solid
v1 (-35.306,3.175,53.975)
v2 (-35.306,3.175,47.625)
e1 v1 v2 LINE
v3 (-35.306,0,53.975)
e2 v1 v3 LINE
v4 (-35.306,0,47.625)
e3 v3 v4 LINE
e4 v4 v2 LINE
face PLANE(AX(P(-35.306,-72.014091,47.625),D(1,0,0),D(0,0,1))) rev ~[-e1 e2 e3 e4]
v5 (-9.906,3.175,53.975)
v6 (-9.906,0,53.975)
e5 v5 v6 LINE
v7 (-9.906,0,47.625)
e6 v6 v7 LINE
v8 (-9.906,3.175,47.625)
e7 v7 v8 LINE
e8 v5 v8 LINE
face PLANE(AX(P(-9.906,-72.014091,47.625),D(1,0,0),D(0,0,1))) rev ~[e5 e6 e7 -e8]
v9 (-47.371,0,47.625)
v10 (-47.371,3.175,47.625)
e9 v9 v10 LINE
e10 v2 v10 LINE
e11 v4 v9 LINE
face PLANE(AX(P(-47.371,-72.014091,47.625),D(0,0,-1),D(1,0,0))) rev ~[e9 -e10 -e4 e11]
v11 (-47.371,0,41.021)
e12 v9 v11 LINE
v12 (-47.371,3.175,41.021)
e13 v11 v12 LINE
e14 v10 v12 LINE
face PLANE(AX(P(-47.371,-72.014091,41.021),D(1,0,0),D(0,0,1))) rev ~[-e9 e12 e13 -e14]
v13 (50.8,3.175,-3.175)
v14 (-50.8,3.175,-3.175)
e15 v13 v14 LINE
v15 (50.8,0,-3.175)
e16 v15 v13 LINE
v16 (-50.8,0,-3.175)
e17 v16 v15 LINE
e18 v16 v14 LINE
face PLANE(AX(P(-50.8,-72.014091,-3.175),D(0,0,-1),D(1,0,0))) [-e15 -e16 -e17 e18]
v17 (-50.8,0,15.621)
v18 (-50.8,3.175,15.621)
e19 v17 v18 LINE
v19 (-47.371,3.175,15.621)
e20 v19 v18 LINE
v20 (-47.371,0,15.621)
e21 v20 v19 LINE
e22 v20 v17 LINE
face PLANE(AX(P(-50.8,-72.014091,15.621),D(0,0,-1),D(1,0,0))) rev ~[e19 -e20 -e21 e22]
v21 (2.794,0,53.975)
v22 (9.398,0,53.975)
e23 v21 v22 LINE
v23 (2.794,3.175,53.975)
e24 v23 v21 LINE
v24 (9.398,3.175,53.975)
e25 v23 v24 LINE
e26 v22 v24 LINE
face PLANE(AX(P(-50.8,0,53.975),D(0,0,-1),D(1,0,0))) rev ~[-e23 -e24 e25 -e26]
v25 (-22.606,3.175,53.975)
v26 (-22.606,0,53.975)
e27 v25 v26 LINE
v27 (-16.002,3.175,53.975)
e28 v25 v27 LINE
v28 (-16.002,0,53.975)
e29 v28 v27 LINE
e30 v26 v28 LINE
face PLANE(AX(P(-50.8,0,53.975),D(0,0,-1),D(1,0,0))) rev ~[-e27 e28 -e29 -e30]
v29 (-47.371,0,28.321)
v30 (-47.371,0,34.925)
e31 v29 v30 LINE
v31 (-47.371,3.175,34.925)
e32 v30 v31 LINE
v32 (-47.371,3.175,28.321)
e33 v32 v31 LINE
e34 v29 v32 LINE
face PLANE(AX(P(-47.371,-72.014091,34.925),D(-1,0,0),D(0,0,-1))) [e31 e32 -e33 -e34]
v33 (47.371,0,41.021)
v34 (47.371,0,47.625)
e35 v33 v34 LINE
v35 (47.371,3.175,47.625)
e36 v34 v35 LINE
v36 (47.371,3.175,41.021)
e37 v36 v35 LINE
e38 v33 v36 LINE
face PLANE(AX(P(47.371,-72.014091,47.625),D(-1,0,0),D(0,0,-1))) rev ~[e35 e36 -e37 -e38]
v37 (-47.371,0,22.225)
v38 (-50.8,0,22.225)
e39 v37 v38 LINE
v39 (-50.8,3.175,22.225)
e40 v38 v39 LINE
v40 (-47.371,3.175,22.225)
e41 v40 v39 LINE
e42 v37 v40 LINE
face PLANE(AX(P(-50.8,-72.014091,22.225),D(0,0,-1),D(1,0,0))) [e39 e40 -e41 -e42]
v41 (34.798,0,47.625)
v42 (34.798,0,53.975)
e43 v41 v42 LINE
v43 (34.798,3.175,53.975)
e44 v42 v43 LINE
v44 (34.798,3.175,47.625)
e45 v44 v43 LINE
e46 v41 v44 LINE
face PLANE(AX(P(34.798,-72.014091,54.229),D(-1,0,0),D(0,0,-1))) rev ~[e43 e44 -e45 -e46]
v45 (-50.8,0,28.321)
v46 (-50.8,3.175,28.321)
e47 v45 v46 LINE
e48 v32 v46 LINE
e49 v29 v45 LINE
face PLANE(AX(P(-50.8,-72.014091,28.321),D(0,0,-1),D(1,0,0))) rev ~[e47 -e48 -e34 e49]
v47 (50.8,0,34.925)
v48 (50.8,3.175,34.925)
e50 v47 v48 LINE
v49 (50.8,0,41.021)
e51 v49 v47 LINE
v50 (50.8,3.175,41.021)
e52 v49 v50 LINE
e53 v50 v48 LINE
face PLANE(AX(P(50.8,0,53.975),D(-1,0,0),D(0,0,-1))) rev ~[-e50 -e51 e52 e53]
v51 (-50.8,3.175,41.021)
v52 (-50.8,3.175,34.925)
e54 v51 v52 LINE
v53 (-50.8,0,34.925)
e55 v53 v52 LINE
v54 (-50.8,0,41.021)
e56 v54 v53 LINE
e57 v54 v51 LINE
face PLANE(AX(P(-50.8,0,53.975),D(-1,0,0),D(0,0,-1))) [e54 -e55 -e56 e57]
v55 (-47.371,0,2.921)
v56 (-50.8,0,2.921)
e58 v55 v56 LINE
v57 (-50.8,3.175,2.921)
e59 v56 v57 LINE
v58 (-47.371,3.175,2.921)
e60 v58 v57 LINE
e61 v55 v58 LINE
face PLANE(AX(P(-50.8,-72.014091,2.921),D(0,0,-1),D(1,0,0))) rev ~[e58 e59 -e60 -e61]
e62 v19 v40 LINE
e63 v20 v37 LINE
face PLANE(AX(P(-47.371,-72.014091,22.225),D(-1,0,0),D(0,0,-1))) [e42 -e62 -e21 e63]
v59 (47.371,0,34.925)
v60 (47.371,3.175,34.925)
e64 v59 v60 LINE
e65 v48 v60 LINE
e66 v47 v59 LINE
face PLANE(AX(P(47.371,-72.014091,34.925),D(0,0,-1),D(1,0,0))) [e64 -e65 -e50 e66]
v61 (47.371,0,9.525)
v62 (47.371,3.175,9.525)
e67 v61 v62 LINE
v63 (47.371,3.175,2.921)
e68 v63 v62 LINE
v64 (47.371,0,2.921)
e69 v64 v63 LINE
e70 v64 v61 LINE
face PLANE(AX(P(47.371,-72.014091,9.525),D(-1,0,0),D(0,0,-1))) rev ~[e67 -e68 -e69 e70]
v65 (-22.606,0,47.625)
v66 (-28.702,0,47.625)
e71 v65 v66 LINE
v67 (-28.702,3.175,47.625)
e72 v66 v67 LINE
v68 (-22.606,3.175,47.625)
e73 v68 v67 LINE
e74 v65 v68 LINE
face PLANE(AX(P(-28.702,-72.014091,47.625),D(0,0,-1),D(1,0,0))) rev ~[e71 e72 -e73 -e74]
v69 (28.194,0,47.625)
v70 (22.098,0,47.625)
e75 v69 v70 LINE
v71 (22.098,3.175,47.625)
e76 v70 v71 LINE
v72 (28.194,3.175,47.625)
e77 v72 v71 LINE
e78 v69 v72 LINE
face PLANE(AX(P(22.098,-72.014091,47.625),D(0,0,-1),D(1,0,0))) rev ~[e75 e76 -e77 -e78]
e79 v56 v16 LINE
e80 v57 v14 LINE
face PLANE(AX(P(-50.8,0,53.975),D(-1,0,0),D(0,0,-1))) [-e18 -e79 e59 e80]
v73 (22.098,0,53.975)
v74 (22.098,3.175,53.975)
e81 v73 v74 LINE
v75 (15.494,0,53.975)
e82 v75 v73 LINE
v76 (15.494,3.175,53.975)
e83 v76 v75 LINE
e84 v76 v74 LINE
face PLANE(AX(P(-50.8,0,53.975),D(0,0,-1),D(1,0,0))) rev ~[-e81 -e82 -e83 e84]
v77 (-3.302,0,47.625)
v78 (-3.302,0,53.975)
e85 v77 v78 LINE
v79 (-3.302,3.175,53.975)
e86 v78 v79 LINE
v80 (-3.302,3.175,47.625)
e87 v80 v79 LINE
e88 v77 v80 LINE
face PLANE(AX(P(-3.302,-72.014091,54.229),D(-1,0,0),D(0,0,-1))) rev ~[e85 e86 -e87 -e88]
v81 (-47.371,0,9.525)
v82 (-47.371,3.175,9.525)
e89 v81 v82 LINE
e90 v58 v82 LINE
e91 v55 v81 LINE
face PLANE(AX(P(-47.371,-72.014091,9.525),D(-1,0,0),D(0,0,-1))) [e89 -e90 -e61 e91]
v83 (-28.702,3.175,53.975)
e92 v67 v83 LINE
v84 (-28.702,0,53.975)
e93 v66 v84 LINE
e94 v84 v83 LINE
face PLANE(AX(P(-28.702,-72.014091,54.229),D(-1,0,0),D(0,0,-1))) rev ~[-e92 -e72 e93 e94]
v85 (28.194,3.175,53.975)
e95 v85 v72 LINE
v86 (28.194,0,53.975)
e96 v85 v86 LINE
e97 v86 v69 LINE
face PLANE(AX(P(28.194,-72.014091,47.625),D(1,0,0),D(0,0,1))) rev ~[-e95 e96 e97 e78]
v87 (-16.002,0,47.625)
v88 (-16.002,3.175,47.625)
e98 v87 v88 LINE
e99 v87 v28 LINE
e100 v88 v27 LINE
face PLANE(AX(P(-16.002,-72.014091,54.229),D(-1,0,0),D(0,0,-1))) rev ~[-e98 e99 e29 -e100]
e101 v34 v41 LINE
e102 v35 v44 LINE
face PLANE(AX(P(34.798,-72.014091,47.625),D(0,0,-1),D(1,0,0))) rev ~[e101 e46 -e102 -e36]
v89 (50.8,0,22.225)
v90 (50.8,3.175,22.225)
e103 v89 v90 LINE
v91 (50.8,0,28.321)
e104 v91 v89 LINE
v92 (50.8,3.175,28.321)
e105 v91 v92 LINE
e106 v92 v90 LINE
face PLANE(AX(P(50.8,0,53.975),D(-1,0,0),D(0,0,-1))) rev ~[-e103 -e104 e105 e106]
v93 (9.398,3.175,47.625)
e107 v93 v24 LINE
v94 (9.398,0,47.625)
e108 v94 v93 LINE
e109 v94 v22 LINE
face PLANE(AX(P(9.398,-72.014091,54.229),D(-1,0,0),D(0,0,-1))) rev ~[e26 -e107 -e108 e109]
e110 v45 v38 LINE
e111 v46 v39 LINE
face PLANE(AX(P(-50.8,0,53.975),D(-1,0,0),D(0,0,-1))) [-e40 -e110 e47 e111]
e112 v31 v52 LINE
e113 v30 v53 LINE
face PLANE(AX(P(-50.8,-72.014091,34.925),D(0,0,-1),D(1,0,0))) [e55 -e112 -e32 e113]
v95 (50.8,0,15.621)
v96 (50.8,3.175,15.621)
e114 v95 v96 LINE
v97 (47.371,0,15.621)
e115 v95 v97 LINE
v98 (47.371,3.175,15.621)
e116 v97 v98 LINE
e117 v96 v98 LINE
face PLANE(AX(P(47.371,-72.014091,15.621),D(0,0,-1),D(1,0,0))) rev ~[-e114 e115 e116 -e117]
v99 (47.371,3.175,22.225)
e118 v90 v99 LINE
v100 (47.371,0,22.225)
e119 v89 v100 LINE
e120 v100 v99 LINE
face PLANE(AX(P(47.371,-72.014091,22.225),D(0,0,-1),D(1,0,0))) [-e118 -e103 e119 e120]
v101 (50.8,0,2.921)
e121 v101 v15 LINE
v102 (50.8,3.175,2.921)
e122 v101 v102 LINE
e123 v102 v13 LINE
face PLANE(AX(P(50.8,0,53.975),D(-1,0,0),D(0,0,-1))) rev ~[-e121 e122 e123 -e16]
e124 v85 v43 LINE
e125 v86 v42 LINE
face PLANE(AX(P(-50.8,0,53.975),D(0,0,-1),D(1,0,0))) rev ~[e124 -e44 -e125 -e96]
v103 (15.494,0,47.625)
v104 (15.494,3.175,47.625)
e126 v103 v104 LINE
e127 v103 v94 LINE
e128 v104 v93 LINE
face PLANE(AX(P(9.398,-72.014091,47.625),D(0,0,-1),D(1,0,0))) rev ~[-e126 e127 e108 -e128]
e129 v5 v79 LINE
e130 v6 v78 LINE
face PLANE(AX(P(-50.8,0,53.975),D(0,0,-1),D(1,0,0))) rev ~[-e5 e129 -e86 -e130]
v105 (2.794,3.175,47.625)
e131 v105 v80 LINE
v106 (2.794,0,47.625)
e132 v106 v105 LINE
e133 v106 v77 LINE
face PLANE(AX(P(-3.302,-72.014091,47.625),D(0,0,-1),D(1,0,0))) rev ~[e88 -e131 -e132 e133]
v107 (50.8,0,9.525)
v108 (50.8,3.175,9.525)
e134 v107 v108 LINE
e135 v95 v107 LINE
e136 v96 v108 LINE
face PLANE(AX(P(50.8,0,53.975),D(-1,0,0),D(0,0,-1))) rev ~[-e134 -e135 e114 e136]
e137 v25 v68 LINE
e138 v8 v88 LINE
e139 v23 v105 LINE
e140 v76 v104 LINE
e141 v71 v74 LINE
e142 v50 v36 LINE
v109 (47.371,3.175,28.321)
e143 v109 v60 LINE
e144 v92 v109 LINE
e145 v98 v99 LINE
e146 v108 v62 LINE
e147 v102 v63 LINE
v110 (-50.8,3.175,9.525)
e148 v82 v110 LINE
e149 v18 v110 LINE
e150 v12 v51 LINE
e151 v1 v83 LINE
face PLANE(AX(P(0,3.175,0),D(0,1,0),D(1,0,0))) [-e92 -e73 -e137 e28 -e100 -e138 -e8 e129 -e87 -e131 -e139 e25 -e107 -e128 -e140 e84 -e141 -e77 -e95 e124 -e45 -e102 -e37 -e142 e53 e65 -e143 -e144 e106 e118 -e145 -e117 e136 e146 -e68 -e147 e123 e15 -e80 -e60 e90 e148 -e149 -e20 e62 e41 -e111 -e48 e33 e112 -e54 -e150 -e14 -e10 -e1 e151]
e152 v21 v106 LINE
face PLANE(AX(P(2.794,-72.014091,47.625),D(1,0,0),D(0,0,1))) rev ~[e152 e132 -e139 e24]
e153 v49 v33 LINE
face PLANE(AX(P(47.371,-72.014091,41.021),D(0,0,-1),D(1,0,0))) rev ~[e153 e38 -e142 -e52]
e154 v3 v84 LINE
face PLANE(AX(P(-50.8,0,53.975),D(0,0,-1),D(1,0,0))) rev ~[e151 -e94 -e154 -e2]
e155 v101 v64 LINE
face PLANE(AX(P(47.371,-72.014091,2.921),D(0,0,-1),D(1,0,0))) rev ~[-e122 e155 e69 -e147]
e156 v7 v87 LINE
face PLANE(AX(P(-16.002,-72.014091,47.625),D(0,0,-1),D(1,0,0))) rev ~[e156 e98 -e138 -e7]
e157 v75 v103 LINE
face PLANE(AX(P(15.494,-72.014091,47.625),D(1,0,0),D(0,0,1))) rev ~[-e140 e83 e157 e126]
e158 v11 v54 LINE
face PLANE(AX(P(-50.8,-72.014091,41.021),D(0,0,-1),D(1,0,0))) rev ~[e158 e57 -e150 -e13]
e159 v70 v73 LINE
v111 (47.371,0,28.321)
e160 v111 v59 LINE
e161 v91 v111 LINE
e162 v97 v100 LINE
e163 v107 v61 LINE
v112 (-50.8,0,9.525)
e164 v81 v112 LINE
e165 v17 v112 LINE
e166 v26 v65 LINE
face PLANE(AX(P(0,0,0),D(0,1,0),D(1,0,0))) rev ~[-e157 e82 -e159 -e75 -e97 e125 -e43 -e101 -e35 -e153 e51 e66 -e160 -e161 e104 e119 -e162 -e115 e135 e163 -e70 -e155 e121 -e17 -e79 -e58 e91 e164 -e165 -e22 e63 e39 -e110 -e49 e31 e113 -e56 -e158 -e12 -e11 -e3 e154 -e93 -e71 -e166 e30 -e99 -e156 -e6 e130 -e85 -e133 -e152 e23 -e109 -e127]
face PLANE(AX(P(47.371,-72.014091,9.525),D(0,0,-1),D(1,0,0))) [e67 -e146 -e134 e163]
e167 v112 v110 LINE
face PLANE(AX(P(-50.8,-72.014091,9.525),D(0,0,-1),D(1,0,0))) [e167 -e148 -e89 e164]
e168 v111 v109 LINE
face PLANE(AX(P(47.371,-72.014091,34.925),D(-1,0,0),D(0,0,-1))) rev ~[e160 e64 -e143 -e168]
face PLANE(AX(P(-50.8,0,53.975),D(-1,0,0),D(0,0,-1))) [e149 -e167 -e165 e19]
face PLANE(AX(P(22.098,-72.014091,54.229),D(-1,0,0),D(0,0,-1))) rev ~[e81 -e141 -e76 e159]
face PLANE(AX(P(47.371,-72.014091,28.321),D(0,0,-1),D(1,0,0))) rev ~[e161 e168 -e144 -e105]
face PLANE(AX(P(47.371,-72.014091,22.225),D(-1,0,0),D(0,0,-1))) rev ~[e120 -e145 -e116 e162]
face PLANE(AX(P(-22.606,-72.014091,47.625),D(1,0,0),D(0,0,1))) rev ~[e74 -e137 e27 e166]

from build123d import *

# Parameters (mm, degrees)
SKETCH1_W               = 101.6
SKETCH1_H               = 107.95
BOSS_EXTRUDE1_DEPTH     = 3.175
CUT_EXTRUDE1_DEPTH      = 75.189091179
CUT_EXTRUDE1_DEPTH_BACK = 75.189091179
SKETCH2_W               = 3.429
SKETCH2_H               = 6.604
SKETCH3_W               = 101.6
SKETCH3_H               = 50.8
CUT_EXTRUDE2_DEPTH      = 75.189091179


with BuildPart() as part:
    # Sketch1 → Boss-Extrude1 (new body)
    with BuildSketch(Plane(origin=(0, 0, 0), x_dir=(1, 0, 0), z_dir=(0, 1, 0))):
        Rectangle(SKETCH1_W, SKETCH1_H)
    extrude(amount=BOSS_EXTRUDE1_DEPTH)

    # Sketch2 → Cut-Extrude1 (cut, two sides: drawn at the far end of the back side and taken through both)
    with BuildSketch(Plane(origin=(0, 3.175, 0), x_dir=(1, 0, 0), z_dir=(0, 1, 0)).offset(-CUT_EXTRUDE1_DEPTH_BACK)):
        Polygon((22.098, -47.625), (28.194, -47.625), (28.194, -54.229), (34.798, -54.229), (34.798, -47.625), (47.371, -47.625), (47.371, -41.021), (50.8, -41.021), (50.8, -47.625), (50.8, -92.544961432), (-50.8, -92.544961432), (-50.8, -47.625), (-50.8, -41.021), (-47.371, -41.021), (-47.371, -47.625), (-35.306, -47.625), (-35.306, -54.229), (-28.702, -54.229), (-28.702, -47.625), (-22.606, -47.625), (-22.606, -54.229), (-16.002, -54.229), (-16.002, -47.625), (-9.906, -47.625), (-9.906, -54.229), (-3.302, -54.229), (-3.302, -47.625), (2.794, -47.625), (2.794, -54.229), (9.398, -54.229), (9.398, -47.625), (15.494, -47.625), (15.494, -54.229), (22.098, -54.229), align=None)
        with Locations((-49.0855, 31.75)):
            Rectangle(SKETCH2_W, SKETCH2_H)
        with Locations((-49.0855, 19.177)):
            Rectangle(SKETCH2_W, SKETCH2_H)
        with Locations((-49.0855, 6.477)):
            Rectangle(SKETCH2_W, SKETCH2_H)
        with Locations((-49.0855, -6.223)):
            Rectangle(SKETCH2_W, SKETCH2_H)
        with Locations((-49.0855, -18.923)):
            Rectangle(SKETCH2_W, SKETCH2_H)
        with Locations((-49.0855, -31.623)):
            Rectangle(SKETCH2_W, SKETCH2_H)
        with Locations((49.0855, -31.623)):
            Rectangle(SKETCH2_W, SKETCH2_H)
        with Locations((49.0855, -18.923)):
            Rectangle(SKETCH2_W, SKETCH2_H)
        with Locations((49.0855, -6.223)):
            Rectangle(SKETCH2_W, SKETCH2_H)
        with Locations((49.0855, 6.477)):
            Rectangle(SKETCH2_W, SKETCH2_H)
        with Locations((49.0855, 19.177)):
            Rectangle(SKETCH2_W, SKETCH2_H)
        with Locations((49.0855, 31.75)):
            Rectangle(SKETCH2_W, SKETCH2_H)
        with Locations((49.0855, 44.45)):
            Rectangle(SKETCH2_W, SKETCH2_H)
        with Locations((-49.0855, 44.45)):
            Rectangle(SKETCH2_W, SKETCH2_H)
    extrude(amount=CUT_EXTRUDE1_DEPTH + CUT_EXTRUDE1_DEPTH_BACK, mode=Mode.SUBTRACT)

    # Sketch3 → Cut-Extrude2 (cut, through all)
    with BuildSketch(Plane(origin=(0, 3.175, 0), x_dir=(1, 0, 0), z_dir=(0, 1, 0))):
        with Locations((0, 28.575)):
            Rectangle(SKETCH3_W, SKETCH3_H)
    extrude(amount=-CUT_EXTRUDE2_DEPTH, mode=Mode.SUBTRACT)


solid = part.part
